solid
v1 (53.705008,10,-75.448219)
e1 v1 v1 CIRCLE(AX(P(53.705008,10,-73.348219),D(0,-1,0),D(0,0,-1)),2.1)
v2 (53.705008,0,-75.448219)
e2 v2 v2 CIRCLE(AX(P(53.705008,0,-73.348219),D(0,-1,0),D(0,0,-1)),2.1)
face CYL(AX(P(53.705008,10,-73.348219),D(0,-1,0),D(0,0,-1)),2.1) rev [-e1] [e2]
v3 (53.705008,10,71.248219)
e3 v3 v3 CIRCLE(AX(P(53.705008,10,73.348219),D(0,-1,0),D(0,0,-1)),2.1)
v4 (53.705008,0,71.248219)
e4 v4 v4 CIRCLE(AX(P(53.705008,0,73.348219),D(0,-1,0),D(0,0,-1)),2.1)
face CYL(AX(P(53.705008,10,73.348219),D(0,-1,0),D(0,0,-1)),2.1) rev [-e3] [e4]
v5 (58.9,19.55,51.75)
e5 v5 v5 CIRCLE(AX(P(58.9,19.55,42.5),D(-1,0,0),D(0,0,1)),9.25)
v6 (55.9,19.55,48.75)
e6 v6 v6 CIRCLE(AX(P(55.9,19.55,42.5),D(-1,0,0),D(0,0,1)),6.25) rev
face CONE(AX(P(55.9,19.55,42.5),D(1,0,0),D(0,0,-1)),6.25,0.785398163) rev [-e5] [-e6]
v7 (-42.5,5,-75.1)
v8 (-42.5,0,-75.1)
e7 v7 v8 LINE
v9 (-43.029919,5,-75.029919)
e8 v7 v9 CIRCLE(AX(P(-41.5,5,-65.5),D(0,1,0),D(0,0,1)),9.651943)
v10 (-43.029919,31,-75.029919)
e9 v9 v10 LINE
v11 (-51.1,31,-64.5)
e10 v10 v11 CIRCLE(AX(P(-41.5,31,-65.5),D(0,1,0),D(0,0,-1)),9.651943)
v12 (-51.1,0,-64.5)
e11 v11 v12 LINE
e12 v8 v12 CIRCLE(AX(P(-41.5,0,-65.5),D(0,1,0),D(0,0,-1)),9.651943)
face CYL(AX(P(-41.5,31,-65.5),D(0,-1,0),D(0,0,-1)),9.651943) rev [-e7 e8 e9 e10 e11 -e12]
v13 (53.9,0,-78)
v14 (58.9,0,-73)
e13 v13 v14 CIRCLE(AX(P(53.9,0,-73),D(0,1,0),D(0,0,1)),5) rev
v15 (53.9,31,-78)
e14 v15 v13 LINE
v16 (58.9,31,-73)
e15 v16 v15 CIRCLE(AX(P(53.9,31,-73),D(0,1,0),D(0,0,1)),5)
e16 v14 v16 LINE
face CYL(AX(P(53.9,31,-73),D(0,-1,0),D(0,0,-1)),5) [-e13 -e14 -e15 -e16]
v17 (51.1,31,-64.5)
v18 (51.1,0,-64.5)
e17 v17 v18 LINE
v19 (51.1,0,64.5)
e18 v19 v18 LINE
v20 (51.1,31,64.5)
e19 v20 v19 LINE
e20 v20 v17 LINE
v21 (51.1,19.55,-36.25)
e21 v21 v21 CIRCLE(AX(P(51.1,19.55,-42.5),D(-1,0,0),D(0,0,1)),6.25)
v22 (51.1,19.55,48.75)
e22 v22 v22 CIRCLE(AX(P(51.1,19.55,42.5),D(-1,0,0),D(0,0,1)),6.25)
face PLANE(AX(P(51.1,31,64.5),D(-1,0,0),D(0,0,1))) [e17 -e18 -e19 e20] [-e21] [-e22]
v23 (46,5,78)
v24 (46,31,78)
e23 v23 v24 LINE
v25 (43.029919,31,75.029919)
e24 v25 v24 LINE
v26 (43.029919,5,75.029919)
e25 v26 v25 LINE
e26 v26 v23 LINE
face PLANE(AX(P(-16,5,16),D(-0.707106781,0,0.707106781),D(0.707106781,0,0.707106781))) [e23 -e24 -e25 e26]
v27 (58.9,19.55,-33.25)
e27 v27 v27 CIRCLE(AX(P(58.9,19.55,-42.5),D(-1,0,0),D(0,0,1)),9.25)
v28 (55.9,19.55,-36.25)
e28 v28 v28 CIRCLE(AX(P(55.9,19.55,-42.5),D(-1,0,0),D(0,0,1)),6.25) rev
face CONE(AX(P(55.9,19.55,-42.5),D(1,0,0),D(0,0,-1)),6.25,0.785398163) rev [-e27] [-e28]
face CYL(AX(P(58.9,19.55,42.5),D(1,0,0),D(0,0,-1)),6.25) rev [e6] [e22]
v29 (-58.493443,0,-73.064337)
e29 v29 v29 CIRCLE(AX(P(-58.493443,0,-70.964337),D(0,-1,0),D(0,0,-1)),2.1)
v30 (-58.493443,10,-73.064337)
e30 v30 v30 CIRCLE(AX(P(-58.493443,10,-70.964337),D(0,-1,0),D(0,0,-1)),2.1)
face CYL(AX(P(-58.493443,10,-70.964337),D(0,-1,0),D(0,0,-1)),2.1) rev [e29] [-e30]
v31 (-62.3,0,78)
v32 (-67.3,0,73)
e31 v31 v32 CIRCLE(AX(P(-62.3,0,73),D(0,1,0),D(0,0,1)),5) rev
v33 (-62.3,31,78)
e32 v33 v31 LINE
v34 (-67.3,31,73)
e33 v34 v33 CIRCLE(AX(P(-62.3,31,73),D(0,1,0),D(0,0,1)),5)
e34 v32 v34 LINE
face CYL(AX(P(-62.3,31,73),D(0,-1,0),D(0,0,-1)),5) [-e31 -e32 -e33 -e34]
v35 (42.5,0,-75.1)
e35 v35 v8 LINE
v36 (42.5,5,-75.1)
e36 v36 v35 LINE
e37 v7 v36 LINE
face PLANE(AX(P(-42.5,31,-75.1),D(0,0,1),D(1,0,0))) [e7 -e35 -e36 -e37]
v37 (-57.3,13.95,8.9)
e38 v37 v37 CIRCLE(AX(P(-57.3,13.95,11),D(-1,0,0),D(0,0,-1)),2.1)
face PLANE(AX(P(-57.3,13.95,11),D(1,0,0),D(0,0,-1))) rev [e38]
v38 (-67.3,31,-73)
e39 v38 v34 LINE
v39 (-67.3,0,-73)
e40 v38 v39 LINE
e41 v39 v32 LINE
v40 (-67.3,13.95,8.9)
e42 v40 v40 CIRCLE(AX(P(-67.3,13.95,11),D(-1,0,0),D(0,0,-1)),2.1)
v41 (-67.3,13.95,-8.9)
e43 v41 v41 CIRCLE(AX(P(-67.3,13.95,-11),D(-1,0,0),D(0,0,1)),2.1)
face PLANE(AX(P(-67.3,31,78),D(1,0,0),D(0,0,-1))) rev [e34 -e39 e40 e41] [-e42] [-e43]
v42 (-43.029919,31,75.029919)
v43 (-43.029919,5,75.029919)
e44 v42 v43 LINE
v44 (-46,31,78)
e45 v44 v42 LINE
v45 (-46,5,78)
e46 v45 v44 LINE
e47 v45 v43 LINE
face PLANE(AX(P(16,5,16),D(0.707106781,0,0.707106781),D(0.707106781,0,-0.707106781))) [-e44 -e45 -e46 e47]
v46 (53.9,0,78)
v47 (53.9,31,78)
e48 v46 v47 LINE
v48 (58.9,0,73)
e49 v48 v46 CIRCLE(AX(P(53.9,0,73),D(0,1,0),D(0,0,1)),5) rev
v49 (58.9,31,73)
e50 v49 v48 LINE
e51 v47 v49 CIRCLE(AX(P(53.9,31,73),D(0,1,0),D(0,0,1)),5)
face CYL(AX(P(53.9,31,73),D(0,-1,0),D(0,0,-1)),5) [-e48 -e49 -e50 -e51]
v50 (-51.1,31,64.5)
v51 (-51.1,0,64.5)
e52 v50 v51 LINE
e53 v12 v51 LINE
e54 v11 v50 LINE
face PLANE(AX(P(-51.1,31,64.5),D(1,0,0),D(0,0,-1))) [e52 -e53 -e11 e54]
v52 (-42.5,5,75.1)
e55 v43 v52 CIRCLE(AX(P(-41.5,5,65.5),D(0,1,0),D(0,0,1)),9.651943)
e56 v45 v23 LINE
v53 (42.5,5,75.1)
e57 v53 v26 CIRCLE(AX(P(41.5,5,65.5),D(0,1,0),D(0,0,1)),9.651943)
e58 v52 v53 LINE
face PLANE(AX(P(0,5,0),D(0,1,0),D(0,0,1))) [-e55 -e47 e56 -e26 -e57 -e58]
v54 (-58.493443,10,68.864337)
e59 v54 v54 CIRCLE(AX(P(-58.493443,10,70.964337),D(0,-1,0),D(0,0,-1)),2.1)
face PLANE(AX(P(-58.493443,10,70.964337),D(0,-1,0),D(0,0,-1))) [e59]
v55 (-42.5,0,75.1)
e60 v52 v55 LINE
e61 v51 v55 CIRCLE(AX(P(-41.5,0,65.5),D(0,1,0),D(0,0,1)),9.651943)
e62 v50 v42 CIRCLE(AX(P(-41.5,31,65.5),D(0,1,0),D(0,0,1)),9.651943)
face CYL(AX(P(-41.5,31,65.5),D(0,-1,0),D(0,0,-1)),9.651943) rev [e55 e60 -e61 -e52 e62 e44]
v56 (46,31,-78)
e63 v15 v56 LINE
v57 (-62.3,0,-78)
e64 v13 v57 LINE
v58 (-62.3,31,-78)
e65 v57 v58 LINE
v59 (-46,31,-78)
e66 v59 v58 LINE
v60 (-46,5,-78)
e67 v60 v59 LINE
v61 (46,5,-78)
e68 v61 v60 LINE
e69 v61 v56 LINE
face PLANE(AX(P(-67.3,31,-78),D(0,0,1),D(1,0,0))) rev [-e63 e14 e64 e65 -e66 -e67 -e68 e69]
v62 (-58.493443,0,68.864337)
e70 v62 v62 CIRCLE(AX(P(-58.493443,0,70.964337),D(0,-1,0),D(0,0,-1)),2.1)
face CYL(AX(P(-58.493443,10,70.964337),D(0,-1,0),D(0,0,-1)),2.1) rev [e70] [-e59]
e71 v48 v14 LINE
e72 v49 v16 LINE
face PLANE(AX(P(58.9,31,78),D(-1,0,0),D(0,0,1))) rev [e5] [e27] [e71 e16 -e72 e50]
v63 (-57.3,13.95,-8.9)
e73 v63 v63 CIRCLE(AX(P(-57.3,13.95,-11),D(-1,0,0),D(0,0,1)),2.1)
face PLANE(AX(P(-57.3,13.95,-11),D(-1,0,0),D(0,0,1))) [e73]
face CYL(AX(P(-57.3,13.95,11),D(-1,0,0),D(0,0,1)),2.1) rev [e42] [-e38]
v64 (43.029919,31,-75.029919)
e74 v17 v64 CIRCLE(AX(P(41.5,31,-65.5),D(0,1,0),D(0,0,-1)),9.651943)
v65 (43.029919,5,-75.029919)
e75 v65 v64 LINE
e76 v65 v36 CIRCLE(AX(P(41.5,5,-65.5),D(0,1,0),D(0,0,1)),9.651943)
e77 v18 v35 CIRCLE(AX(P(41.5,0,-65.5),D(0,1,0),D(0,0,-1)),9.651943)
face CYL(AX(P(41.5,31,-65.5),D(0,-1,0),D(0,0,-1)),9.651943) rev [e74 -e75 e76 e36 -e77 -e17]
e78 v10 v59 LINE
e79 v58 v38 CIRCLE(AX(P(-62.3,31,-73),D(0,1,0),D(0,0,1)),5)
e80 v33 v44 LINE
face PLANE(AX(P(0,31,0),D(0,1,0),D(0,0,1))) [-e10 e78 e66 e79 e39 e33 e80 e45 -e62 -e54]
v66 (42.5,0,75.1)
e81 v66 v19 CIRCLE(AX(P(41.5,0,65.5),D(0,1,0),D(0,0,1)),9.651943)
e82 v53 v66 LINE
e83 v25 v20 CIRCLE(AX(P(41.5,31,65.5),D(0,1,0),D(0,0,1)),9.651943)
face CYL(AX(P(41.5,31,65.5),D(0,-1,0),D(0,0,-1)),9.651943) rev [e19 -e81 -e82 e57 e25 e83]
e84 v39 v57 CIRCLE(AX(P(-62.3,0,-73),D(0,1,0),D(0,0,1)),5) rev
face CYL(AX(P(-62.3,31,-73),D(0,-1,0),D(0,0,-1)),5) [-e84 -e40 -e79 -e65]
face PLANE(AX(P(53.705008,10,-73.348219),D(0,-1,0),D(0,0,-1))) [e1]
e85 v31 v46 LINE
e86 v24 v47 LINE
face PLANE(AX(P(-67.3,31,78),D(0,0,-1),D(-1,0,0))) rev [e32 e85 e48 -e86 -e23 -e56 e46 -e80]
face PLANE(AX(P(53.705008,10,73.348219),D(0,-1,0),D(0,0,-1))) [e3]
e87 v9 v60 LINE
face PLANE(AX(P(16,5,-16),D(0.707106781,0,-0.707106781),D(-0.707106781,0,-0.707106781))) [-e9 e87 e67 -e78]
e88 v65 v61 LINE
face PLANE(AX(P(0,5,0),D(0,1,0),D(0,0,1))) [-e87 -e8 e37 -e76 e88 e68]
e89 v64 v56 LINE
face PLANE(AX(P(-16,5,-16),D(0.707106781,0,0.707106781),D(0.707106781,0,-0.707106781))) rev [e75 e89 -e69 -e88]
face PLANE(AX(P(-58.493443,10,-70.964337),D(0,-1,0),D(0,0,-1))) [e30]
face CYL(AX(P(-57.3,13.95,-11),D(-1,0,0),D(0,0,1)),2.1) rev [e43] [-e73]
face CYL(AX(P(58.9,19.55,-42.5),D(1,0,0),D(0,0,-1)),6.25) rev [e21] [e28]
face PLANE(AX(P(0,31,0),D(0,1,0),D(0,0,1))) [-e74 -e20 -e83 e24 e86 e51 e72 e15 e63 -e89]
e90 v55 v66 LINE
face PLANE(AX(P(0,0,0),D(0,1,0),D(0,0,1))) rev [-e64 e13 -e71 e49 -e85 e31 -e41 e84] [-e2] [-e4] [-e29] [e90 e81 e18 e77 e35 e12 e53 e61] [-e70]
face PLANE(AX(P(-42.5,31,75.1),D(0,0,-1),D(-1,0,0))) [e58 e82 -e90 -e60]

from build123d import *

# Parameters (mm, degrees)
SKETCH_1_W          = 126.2
SKETCH_1_H          = 156
EXTRUDE_1_DEPTH     = 31
CUT_EXTRUDE_START   = -26
CUT_EXTRUDE_1_DEPTH = 26
FILLET_1_R          = 5
F_12_0MM_1_D        = 12.5
F_12_0MM_1_DEPTH    = 17
F_12_0MM_1_TIP      = 3.755378869
SKETCH_6_R          = 2.1
CUT_EXTRUDE_2_DEPTH = 10
SKETCH_7_R          = 2.1
CUT_EXTRUDE_3_DEPTH = 10
CHAMFER_1_SIZE      = 3


with BuildPart() as part:
    # 草图1 → 凸台-拉伸1 (new body)
    with BuildSketch(Plane(origin=(0, 0, 0), x_dir=(1, 0, 0), z_dir=(0, 1, 0))):
        with Locations((-4.2, 0)):
            Rectangle(SKETCH_1_W, SKETCH_1_H)
        with BuildLine():
            Line((-42.5, 75.1), (42.5, 75.1))
            ThreePointArc((42.5, 75.1), (48.995331881, 71.581118318), (51.1, 64.5))
            Line((51.1, 64.5), (51.1, -64.5))
            ThreePointArc((51.1, -64.5), (48.995331881, -71.581118318), (42.5, -75.1))
            Line((42.5, -75.1), (-42.5, -75.1))
            ThreePointArc((-42.5, -75.1), (-48.995331881, -71.581118318), (-51.1, -64.5))
            Line((-51.1, -64.5), (-51.1, 64.5))
            ThreePointArc((-51.1, 64.5), (-48.995331881, 71.581118318), (-42.5, 75.1))
        make_face(mode=Mode.SUBTRACT)
    extrude(amount=EXTRUDE_1_DEPTH)

    # 草图2 → 切除-拉伸1 (cut)
    with BuildSketch(Plane(origin=(0, 31, 0), x_dir=(1, 0, 0), z_dir=(0, 1, 0)).offset(CUT_EXTRUDE_START)):
        with BuildLine():
            Line((-42.780928277, -74.780928277), (-43.029918625, -75.029918625))
            ThreePointArc((-43.029918625, -75.029918625), (-42.765444551, -75.068628433), (-42.5, -75.1))
            Line((-42.5, -75.1), (-42.780928277, -74.780928277))
        make_face()
        with BuildLine():
            Line((-43.029918625, -75.029918625), (-43.1, -75.1))
            Line((-43.1, -75.1), (-42.5, -75.1))
            ThreePointArc((-42.5, -75.1), (-42.765444551, -75.068628433), (-43.029918625, -75.029918625))
        make_face()
        Polygon((43.1, -75.1), (42.5, -75.1), (-42.5, -75.1), (-43.1, -75.1), (-46, -78), (46, -78), align=None)
        with BuildLine():
            ThreePointArc((42.5, -75.1), (42.765444551, -75.068628433), (43.029918625, -75.029918625))
            Line((43.029918625, -75.029918625), (42.872377268, -74.872377268))
            Line((42.872377268, -74.872377268), (42.5, -75.1))
        make_face()
        with BuildLine():
            Line((42.5, -75.1), (43.1, -75.1))
            Line((43.1, -75.1), (43.029918625, -75.029918625))
            ThreePointArc((43.029918625, -75.029918625), (42.765444551, -75.068628433), (42.5, -75.1))
        make_face()
        Polygon((46, 78), (-46, 78), (-43.1, 75.1), (-42.5, 75.1), (42.5, 75.1), (43.1, 75.1), align=None)
        with BuildLine():
            Line((-42.780928277, 74.780928277), (-42.5, 75.1))
            ThreePointArc((-42.5, 75.1), (-42.765444551, 75.068628433), (-43.029918625, 75.029918625))
            Line((-43.029918625, 75.029918625), (-42.780928277, 74.780928277))
        make_face()
        with BuildLine():
            Line((-42.5, 75.1), (-43.1, 75.1))
            Line((-43.1, 75.1), (-43.029918625, 75.029918625))
            ThreePointArc((-43.029918625, 75.029918625), (-42.765444551, 75.068628433), (-42.5, 75.1))
        make_face()
        with BuildLine():
            ThreePointArc((43.029918625, 75.029918625), (42.765444551, 75.068628433), (42.5, 75.1))
            Line((42.5, 75.1), (42.872377268, 74.872377268))
            Line((42.872377268, 74.872377268), (43.029918625, 75.029918625))
        make_face()
        with BuildLine():
            Line((43.029918625, 75.029918625), (43.1, 75.1))
            Line((43.1, 75.1), (42.5, 75.1))
            ThreePointArc((42.5, 75.1), (42.765444551, 75.068628433), (43.029918625, 75.029918625))
        make_face()
    extrude(amount=CUT_EXTRUDE_1_DEPTH, mode=Mode.SUBTRACT)

    # 圆角1
    fillet_1_edges = [part.edges().sort_by_distance(p)[0] for p in [
        (58.9, 15.5, -78),
        (58.9, 15.5, 78),
        (-67.3, 15.5, 78),
        (-67.3, 15.5, -78),
    ]]
    fillet(fillet_1_edges, radius=FILLET_1_R)

    # Ø12.0mm 暗销孔1
    with Locations(Plane(origin=(58.9, 0, 0), x_dir=(0, 0, -1), z_dir=(1, 0, 0))):
        with Locations((42.5, 19.55), (-42.5, 19.55)):
            Hole(F_12_0MM_1_D / 2, depth=F_12_0MM_1_DEPTH)
            with Locations((0, 0, -(F_12_0MM_1_DEPTH + F_12_0MM_1_TIP / 2))):  # 118° drill point
                Cone(0, F_12_0MM_1_D / 2, F_12_0MM_1_TIP, mode=Mode.SUBTRACT)

    # 草图6 → 切除-拉伸2 (cut)
    with BuildSketch(Plane.ZY.offset(67.3)):
        with Locations((-11, 13.95)):
            Circle(SKETCH_6_R)
        with Locations(Location((11, 13.95, 0), (0, 0, 180))):
            Circle(SKETCH_6_R)
    extrude(amount=-CUT_EXTRUDE_2_DEPTH, mode=Mode.SUBTRACT)

    # 草图7 → 切除-拉伸3 (cut)
    with BuildSketch(Plane.XZ):
        with Locations(Location((-58.493442579, 70.964337058, 0), (0, 0, 270))):
            Circle(SKETCH_7_R)
        with Locations(Location((53.705008218, 73.348219362, 0), (0, 0, 270))):
            Circle(SKETCH_7_R)
        with Locations(Location((-58.493442579, -70.964337058, 0), (0, 0, 270))):
            Circle(SKETCH_7_R)
        with Locations(Location((53.705008218, -73.348219362, 0), (0, 0, 270))):
            Circle(SKETCH_7_R)
    extrude(amount=-CUT_EXTRUDE_3_DEPTH, mode=Mode.SUBTRACT)

    # 倒角1
    chamfer_1_edges = [part.edges().sort_by_distance(p)[0] for p in [
        (58.9, 19.55, 36.25),
        (58.9, 19.55, -48.75),
    ]]
    chamfer(chamfer_1_edges, length=CHAMFER_1_SIZE)


solid = part.part
